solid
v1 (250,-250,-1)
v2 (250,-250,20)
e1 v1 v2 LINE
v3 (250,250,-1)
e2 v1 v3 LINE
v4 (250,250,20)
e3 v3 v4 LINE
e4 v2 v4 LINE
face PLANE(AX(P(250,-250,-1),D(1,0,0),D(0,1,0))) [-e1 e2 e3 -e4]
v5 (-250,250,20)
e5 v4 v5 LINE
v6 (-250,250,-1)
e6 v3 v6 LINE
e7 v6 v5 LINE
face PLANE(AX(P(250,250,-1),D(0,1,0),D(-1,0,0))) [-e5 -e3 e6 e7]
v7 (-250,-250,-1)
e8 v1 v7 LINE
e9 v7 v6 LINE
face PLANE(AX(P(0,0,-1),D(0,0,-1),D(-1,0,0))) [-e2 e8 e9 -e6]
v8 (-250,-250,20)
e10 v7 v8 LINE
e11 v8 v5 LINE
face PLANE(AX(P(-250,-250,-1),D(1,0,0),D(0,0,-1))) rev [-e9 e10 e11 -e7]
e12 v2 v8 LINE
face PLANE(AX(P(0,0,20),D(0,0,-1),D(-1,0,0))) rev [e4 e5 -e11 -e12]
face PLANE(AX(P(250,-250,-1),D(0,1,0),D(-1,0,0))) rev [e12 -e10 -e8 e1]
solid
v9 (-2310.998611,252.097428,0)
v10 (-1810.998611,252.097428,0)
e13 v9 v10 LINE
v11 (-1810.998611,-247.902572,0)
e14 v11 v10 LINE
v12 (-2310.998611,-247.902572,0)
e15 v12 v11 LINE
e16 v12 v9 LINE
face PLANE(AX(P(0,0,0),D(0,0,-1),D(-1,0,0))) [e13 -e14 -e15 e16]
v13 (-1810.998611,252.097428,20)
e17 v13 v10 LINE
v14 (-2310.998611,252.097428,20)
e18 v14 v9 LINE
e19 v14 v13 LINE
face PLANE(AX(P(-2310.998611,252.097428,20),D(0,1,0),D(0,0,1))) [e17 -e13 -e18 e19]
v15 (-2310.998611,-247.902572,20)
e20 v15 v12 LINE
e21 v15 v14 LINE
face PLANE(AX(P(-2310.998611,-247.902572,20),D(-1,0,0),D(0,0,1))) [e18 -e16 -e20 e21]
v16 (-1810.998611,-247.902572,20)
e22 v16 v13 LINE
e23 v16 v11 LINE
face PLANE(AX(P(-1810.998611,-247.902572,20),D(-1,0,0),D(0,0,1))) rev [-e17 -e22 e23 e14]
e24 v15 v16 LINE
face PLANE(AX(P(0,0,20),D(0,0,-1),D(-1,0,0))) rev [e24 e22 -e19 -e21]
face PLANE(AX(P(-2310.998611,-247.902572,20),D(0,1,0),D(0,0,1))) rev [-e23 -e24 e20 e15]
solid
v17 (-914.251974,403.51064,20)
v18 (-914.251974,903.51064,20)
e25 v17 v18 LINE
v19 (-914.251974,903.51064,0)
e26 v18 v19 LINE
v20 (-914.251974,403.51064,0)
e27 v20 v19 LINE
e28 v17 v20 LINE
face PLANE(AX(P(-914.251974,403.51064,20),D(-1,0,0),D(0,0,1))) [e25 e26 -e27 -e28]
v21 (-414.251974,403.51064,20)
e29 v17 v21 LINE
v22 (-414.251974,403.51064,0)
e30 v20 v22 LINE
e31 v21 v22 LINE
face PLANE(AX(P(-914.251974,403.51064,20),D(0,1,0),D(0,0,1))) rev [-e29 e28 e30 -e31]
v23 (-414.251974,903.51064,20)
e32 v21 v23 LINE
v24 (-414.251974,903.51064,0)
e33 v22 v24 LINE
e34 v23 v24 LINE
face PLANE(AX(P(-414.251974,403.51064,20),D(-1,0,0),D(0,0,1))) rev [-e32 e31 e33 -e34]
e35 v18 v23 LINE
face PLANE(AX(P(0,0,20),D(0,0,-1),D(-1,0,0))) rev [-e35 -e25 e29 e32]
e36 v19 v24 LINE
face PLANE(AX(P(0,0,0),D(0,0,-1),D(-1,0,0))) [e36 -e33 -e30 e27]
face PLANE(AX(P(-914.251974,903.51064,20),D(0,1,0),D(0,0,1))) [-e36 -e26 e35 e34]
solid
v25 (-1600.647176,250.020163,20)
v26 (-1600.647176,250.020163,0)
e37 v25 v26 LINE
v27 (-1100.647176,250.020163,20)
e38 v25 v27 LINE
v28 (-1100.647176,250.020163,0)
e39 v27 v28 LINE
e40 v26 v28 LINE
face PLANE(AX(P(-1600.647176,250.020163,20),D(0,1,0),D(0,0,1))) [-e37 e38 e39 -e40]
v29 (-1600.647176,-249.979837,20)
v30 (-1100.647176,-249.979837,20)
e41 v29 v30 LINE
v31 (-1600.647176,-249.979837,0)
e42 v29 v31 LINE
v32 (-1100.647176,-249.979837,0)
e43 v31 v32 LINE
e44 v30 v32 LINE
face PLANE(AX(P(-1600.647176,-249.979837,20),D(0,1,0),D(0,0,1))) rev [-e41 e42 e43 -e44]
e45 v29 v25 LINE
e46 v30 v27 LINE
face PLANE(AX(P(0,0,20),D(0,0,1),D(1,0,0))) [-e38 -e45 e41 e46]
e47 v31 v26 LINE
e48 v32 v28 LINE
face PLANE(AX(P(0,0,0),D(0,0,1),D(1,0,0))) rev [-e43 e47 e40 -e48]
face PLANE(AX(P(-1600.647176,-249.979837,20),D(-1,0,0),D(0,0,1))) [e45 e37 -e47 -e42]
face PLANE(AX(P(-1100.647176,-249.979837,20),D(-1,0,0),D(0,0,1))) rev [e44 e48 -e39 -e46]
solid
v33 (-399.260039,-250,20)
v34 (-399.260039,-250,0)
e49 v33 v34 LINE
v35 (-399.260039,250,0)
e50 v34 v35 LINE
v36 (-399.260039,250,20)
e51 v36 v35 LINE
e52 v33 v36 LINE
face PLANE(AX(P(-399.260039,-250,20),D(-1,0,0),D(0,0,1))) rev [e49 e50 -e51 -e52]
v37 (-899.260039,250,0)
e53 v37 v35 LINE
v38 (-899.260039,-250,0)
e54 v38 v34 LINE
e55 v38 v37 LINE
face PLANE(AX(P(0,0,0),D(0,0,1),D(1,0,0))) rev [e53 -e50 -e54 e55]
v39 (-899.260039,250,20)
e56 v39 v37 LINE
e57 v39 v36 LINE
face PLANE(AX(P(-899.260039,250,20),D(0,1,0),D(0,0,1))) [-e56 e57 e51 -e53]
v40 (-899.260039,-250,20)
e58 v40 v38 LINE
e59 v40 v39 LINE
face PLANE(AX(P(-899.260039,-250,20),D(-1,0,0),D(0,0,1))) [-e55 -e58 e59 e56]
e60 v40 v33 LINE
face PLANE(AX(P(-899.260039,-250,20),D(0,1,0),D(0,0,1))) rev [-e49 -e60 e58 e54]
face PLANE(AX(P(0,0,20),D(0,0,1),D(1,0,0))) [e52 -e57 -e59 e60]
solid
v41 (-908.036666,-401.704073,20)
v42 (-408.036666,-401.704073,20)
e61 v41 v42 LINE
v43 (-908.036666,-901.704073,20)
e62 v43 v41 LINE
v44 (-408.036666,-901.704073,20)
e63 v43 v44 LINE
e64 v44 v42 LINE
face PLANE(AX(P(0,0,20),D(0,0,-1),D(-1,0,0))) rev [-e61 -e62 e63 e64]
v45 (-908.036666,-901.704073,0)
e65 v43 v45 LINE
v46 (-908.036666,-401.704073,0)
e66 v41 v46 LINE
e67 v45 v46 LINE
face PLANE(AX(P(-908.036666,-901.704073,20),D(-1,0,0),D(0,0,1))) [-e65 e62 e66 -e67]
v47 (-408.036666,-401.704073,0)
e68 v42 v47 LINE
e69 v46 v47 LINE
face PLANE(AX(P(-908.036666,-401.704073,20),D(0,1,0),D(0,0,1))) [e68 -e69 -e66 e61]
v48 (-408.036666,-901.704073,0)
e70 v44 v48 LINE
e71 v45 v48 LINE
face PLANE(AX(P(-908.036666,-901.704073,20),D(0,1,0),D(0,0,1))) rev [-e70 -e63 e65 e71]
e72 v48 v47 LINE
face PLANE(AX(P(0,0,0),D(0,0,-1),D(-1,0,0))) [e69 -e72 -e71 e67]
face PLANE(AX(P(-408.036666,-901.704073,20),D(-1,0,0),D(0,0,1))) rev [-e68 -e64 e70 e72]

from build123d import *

# Parameters (mm, degrees)
CROQUIS2_W                   = 500
CROQUIS2_H                   = 500
SALIENTE_EXTRUIR1_DEPTH      = 20
SALIENTE_EXTRUIR1_DEPTH_BACK = 1
CROQUIS3_W                   = 500
CROQUIS3_H                   = 500
SALIENTE_EXTRUIR4_DEPTH      = 20
CROQUIS6_W                   = 500
CROQUIS6_H                   = 500
SALIENTE_EXTRUIR8_DEPTH      = 20
SALIENTE_EXTRUIR8_2_DEPTH    = 20
SALIENTE_EXTRUIR8_3_DEPTH    = 20
SALIENTE_EXTRUIR8_4_DEPTH    = 20


with BuildPart() as part:
    # Croquis2 → Saliente-Extruir1 (new body, two sides)
    with BuildSketch(Plane.XY) as saliente_extruir1_sk:
        Rectangle(CROQUIS2_W, CROQUIS2_H)
    extrude(amount=SALIENTE_EXTRUIR1_DEPTH)
    extrude(saliente_extruir1_sk.sketch, amount=-SALIENTE_EXTRUIR1_DEPTH_BACK)


with BuildPart() as body_2:
    # Croquis3 → Saliente-Extruir4 (new body)
    with BuildSketch(Plane.XY):
        with Locations((-649.260038847, 0)):
            Rectangle(CROQUIS3_W, CROQUIS3_H)
    extrude(amount=SALIENTE_EXTRUIR4_DEPTH)


with BuildPart() as body_3:
    # Croquis6 → Saliente-Extruir8 (new body)
    with BuildSketch(Plane.XY):
        with Locations((-2060.998610557, 2.097428348)):
            Rectangle(CROQUIS6_W, CROQUIS6_H)
    extrude(amount=SALIENTE_EXTRUIR8_DEPTH)


with BuildPart() as body_4:
    # Croquis6 → Saliente-Extruir8 2 (new body)
    with BuildSketch(Plane.XY):
        with Locations((-1350.647175862, 0.020163499)):
            Rectangle(CROQUIS6_W, CROQUIS6_H)
    extrude(amount=SALIENTE_EXTRUIR8_2_DEPTH)


with BuildPart() as body_5:
    # Croquis6 → Saliente-Extruir8 3 (new body)
    with BuildSketch(Plane.XY):
        with Locations((-664.251974106, 653.510640464)):
            Rectangle(CROQUIS6_W, CROQUIS6_H)
    extrude(amount=SALIENTE_EXTRUIR8_3_DEPTH)


with BuildPart() as body_6:
    # Croquis6 → Saliente-Extruir8 4 (new body)
    with BuildSketch(Plane.XY):
        with Locations((-658.036665945, -651.704073477)):
            Rectangle(CROQUIS6_W, CROQUIS6_H)
    extrude(amount=SALIENTE_EXTRUIR8_4_DEPTH)


solid = Compound([part.part, body_2.part, body_3.part, body_4.part, body_5.part, body_6.part])
